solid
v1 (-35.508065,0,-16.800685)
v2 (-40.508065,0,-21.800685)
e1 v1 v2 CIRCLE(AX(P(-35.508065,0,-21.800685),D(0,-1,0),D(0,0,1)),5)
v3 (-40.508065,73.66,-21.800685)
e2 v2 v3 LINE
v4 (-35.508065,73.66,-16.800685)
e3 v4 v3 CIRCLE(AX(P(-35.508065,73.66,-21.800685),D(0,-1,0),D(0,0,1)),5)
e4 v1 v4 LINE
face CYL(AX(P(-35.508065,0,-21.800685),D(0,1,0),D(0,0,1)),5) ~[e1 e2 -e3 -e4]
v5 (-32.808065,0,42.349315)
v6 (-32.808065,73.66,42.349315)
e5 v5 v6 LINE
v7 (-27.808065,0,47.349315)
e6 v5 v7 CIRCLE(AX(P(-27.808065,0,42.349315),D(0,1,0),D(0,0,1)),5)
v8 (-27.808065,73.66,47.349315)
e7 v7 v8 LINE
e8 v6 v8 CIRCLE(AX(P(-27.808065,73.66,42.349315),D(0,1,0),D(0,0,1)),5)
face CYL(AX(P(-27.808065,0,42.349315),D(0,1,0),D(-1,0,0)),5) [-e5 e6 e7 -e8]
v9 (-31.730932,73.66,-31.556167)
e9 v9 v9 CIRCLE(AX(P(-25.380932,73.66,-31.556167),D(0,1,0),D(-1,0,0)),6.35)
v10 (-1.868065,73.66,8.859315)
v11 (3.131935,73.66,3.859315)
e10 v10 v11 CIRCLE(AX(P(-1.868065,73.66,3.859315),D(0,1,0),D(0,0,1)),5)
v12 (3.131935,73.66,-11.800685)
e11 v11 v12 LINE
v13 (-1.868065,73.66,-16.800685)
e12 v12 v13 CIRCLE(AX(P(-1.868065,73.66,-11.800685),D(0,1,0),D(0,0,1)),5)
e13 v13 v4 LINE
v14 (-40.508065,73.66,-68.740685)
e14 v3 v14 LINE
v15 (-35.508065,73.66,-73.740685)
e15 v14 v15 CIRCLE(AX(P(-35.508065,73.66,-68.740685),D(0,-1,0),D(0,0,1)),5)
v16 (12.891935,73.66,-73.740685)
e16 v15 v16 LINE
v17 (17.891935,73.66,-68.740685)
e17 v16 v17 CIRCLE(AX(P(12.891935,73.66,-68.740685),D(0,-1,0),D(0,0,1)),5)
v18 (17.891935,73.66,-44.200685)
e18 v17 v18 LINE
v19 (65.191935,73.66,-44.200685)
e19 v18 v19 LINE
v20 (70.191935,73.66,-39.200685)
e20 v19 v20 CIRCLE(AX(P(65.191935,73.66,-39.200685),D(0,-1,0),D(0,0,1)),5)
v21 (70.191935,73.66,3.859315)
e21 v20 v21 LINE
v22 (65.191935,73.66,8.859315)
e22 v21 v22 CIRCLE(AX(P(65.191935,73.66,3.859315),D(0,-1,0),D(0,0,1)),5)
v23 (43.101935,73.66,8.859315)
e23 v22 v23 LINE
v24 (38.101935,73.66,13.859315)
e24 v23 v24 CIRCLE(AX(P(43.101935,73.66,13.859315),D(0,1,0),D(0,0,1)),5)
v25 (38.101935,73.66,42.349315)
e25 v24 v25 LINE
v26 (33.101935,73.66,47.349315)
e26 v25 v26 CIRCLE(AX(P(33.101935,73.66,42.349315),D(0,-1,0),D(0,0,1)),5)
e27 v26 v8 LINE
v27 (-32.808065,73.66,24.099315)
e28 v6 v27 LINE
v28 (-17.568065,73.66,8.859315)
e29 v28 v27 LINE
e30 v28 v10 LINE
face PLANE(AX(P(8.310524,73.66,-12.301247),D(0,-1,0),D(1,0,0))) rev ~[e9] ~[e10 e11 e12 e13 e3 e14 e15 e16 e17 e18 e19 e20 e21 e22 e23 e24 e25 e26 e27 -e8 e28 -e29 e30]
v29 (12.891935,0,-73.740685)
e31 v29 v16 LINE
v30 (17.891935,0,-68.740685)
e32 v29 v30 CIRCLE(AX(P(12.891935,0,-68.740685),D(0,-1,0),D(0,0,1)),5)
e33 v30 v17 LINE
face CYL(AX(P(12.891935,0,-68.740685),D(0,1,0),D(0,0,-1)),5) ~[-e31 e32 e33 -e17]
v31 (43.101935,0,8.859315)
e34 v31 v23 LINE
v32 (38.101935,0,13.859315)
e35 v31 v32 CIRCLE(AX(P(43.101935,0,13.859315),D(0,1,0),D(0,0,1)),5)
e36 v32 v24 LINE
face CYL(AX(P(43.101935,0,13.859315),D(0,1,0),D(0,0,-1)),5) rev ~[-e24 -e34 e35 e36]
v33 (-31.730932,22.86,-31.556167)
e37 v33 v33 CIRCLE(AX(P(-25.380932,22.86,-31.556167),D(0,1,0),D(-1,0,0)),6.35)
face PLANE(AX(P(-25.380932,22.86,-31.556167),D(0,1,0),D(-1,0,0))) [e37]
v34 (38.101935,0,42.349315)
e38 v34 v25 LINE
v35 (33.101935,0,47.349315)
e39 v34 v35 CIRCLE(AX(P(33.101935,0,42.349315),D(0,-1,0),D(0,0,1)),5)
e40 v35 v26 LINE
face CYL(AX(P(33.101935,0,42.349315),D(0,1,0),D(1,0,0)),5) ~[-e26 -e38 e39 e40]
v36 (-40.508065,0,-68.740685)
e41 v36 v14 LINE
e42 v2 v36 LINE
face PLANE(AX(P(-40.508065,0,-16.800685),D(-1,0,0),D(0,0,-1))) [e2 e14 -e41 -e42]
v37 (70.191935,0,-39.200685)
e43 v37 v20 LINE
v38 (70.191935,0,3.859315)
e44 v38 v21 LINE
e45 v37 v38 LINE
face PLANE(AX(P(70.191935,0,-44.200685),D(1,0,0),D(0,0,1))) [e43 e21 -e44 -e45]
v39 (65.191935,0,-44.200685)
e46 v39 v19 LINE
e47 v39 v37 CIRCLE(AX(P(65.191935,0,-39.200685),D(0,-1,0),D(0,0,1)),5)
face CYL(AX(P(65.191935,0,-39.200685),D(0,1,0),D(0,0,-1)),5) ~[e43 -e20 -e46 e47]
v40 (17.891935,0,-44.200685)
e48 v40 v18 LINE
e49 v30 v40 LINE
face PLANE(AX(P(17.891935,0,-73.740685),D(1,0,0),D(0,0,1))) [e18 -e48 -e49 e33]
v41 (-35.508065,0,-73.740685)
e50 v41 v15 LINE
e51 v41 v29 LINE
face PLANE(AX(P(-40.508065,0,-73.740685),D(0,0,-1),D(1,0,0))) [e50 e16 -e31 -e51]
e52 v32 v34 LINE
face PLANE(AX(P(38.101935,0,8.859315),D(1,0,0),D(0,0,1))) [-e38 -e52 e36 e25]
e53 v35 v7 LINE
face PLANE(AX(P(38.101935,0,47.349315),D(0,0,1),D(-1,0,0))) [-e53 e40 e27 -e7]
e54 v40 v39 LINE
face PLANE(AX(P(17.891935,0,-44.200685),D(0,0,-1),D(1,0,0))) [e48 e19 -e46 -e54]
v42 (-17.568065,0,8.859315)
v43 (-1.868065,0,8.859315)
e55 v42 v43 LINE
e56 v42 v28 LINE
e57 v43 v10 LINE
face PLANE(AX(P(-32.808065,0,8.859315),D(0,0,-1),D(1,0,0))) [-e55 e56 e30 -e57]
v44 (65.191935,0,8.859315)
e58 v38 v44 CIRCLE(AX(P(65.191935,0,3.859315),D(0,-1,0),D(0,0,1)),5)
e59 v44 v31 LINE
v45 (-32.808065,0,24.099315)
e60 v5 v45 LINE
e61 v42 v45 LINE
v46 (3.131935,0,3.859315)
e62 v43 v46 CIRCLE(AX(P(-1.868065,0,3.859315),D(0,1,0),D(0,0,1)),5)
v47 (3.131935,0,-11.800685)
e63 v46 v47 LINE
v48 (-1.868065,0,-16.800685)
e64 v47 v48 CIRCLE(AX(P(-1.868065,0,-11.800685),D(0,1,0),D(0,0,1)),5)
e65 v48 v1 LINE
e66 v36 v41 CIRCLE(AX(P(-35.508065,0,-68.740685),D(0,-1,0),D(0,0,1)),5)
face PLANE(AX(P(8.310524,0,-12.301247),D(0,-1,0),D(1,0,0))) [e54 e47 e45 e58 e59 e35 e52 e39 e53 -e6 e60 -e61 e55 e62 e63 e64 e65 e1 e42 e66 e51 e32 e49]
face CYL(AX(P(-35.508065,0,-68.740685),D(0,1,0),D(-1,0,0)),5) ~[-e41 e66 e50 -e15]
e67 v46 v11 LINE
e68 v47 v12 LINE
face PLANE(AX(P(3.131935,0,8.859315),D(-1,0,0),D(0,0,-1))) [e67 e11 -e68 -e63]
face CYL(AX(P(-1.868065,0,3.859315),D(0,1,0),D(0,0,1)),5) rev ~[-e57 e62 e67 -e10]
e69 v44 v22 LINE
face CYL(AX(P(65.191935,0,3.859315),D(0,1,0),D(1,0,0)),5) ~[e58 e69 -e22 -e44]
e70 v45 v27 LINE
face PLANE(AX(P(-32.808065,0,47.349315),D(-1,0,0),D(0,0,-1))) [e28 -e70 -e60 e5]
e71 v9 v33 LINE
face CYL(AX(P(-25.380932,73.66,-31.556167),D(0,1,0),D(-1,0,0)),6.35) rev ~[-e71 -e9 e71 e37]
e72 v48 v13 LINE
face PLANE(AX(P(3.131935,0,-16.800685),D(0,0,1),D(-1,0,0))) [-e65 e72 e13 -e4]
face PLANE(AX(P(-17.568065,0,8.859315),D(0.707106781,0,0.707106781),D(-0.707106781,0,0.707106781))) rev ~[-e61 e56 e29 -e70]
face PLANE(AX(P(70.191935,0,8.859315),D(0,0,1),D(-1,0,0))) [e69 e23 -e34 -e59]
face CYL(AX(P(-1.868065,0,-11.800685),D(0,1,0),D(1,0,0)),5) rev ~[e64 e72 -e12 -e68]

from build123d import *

# Parameters (mm, degrees)
F1_DEPTH = 73.66
F2_R     = 5
F4_DEPTH = 73.661
F5_R     = 6.35
F6_DEPTH = 50.8


with BuildPart() as f1:
    # F0 (on Front) → F1 (new body)
    with BuildSketch(Plane.XZ):
        Polygon((-32.808065, 47.349315), (-32.808065, 8.859315), (3.131935, 8.859315), (3.131935, -16.800685), (-40.508065, -16.800685), (-40.508065, -73.740685), (17.891935, -73.740685), (17.891935, -44.200685), (70.191935, -44.200685), (70.191935, 8.859315), (38.101935, 8.859315), (38.101935, 47.349315), align=None)
    extrude(amount=-F1_DEPTH)

    # F2
    f2_edges = [f1.edges().sort_by_distance(p)[0] for p in [
        (38.101935, 36.83, 47.349315),
        (-32.808065, 36.83, 47.349315),
        (38.101935, 36.83, 8.859315),
        (70.191935, 36.83, 8.859315),
        (70.191935, 36.83, -44.200685),
        (17.891935, 36.83, -73.740685),
        (-40.508065, 36.83, -73.740685),
        (-40.508065, 36.83, -16.800685),
        (3.131935, 36.83, -16.800685),
        (3.131935, 36.83, 8.859315),
    ]]
    fillet(f2_edges, radius=F2_R)

    # F3 (on face) → F4 (cut, through all)
    with BuildSketch(Plane.XZ):
        Polygon((-32.808065, 24.099315), (-32.808065, 8.859315), (-17.568065, 8.859315), align=None)
    extrude(amount=-F4_DEPTH, mode=Mode.SUBTRACT)

    # F5 (on face) → F6 (cut)
    with BuildSketch(Plane(origin=(0, 73.66, 0), x_dir=(-1, 0, 0), z_dir=(0, 1, 0))):
        with Locations((25.380932, -31.556167)):
            Circle(F5_R)
    extrude(amount=-F6_DEPTH, mode=Mode.SUBTRACT)


solid = f1.part
